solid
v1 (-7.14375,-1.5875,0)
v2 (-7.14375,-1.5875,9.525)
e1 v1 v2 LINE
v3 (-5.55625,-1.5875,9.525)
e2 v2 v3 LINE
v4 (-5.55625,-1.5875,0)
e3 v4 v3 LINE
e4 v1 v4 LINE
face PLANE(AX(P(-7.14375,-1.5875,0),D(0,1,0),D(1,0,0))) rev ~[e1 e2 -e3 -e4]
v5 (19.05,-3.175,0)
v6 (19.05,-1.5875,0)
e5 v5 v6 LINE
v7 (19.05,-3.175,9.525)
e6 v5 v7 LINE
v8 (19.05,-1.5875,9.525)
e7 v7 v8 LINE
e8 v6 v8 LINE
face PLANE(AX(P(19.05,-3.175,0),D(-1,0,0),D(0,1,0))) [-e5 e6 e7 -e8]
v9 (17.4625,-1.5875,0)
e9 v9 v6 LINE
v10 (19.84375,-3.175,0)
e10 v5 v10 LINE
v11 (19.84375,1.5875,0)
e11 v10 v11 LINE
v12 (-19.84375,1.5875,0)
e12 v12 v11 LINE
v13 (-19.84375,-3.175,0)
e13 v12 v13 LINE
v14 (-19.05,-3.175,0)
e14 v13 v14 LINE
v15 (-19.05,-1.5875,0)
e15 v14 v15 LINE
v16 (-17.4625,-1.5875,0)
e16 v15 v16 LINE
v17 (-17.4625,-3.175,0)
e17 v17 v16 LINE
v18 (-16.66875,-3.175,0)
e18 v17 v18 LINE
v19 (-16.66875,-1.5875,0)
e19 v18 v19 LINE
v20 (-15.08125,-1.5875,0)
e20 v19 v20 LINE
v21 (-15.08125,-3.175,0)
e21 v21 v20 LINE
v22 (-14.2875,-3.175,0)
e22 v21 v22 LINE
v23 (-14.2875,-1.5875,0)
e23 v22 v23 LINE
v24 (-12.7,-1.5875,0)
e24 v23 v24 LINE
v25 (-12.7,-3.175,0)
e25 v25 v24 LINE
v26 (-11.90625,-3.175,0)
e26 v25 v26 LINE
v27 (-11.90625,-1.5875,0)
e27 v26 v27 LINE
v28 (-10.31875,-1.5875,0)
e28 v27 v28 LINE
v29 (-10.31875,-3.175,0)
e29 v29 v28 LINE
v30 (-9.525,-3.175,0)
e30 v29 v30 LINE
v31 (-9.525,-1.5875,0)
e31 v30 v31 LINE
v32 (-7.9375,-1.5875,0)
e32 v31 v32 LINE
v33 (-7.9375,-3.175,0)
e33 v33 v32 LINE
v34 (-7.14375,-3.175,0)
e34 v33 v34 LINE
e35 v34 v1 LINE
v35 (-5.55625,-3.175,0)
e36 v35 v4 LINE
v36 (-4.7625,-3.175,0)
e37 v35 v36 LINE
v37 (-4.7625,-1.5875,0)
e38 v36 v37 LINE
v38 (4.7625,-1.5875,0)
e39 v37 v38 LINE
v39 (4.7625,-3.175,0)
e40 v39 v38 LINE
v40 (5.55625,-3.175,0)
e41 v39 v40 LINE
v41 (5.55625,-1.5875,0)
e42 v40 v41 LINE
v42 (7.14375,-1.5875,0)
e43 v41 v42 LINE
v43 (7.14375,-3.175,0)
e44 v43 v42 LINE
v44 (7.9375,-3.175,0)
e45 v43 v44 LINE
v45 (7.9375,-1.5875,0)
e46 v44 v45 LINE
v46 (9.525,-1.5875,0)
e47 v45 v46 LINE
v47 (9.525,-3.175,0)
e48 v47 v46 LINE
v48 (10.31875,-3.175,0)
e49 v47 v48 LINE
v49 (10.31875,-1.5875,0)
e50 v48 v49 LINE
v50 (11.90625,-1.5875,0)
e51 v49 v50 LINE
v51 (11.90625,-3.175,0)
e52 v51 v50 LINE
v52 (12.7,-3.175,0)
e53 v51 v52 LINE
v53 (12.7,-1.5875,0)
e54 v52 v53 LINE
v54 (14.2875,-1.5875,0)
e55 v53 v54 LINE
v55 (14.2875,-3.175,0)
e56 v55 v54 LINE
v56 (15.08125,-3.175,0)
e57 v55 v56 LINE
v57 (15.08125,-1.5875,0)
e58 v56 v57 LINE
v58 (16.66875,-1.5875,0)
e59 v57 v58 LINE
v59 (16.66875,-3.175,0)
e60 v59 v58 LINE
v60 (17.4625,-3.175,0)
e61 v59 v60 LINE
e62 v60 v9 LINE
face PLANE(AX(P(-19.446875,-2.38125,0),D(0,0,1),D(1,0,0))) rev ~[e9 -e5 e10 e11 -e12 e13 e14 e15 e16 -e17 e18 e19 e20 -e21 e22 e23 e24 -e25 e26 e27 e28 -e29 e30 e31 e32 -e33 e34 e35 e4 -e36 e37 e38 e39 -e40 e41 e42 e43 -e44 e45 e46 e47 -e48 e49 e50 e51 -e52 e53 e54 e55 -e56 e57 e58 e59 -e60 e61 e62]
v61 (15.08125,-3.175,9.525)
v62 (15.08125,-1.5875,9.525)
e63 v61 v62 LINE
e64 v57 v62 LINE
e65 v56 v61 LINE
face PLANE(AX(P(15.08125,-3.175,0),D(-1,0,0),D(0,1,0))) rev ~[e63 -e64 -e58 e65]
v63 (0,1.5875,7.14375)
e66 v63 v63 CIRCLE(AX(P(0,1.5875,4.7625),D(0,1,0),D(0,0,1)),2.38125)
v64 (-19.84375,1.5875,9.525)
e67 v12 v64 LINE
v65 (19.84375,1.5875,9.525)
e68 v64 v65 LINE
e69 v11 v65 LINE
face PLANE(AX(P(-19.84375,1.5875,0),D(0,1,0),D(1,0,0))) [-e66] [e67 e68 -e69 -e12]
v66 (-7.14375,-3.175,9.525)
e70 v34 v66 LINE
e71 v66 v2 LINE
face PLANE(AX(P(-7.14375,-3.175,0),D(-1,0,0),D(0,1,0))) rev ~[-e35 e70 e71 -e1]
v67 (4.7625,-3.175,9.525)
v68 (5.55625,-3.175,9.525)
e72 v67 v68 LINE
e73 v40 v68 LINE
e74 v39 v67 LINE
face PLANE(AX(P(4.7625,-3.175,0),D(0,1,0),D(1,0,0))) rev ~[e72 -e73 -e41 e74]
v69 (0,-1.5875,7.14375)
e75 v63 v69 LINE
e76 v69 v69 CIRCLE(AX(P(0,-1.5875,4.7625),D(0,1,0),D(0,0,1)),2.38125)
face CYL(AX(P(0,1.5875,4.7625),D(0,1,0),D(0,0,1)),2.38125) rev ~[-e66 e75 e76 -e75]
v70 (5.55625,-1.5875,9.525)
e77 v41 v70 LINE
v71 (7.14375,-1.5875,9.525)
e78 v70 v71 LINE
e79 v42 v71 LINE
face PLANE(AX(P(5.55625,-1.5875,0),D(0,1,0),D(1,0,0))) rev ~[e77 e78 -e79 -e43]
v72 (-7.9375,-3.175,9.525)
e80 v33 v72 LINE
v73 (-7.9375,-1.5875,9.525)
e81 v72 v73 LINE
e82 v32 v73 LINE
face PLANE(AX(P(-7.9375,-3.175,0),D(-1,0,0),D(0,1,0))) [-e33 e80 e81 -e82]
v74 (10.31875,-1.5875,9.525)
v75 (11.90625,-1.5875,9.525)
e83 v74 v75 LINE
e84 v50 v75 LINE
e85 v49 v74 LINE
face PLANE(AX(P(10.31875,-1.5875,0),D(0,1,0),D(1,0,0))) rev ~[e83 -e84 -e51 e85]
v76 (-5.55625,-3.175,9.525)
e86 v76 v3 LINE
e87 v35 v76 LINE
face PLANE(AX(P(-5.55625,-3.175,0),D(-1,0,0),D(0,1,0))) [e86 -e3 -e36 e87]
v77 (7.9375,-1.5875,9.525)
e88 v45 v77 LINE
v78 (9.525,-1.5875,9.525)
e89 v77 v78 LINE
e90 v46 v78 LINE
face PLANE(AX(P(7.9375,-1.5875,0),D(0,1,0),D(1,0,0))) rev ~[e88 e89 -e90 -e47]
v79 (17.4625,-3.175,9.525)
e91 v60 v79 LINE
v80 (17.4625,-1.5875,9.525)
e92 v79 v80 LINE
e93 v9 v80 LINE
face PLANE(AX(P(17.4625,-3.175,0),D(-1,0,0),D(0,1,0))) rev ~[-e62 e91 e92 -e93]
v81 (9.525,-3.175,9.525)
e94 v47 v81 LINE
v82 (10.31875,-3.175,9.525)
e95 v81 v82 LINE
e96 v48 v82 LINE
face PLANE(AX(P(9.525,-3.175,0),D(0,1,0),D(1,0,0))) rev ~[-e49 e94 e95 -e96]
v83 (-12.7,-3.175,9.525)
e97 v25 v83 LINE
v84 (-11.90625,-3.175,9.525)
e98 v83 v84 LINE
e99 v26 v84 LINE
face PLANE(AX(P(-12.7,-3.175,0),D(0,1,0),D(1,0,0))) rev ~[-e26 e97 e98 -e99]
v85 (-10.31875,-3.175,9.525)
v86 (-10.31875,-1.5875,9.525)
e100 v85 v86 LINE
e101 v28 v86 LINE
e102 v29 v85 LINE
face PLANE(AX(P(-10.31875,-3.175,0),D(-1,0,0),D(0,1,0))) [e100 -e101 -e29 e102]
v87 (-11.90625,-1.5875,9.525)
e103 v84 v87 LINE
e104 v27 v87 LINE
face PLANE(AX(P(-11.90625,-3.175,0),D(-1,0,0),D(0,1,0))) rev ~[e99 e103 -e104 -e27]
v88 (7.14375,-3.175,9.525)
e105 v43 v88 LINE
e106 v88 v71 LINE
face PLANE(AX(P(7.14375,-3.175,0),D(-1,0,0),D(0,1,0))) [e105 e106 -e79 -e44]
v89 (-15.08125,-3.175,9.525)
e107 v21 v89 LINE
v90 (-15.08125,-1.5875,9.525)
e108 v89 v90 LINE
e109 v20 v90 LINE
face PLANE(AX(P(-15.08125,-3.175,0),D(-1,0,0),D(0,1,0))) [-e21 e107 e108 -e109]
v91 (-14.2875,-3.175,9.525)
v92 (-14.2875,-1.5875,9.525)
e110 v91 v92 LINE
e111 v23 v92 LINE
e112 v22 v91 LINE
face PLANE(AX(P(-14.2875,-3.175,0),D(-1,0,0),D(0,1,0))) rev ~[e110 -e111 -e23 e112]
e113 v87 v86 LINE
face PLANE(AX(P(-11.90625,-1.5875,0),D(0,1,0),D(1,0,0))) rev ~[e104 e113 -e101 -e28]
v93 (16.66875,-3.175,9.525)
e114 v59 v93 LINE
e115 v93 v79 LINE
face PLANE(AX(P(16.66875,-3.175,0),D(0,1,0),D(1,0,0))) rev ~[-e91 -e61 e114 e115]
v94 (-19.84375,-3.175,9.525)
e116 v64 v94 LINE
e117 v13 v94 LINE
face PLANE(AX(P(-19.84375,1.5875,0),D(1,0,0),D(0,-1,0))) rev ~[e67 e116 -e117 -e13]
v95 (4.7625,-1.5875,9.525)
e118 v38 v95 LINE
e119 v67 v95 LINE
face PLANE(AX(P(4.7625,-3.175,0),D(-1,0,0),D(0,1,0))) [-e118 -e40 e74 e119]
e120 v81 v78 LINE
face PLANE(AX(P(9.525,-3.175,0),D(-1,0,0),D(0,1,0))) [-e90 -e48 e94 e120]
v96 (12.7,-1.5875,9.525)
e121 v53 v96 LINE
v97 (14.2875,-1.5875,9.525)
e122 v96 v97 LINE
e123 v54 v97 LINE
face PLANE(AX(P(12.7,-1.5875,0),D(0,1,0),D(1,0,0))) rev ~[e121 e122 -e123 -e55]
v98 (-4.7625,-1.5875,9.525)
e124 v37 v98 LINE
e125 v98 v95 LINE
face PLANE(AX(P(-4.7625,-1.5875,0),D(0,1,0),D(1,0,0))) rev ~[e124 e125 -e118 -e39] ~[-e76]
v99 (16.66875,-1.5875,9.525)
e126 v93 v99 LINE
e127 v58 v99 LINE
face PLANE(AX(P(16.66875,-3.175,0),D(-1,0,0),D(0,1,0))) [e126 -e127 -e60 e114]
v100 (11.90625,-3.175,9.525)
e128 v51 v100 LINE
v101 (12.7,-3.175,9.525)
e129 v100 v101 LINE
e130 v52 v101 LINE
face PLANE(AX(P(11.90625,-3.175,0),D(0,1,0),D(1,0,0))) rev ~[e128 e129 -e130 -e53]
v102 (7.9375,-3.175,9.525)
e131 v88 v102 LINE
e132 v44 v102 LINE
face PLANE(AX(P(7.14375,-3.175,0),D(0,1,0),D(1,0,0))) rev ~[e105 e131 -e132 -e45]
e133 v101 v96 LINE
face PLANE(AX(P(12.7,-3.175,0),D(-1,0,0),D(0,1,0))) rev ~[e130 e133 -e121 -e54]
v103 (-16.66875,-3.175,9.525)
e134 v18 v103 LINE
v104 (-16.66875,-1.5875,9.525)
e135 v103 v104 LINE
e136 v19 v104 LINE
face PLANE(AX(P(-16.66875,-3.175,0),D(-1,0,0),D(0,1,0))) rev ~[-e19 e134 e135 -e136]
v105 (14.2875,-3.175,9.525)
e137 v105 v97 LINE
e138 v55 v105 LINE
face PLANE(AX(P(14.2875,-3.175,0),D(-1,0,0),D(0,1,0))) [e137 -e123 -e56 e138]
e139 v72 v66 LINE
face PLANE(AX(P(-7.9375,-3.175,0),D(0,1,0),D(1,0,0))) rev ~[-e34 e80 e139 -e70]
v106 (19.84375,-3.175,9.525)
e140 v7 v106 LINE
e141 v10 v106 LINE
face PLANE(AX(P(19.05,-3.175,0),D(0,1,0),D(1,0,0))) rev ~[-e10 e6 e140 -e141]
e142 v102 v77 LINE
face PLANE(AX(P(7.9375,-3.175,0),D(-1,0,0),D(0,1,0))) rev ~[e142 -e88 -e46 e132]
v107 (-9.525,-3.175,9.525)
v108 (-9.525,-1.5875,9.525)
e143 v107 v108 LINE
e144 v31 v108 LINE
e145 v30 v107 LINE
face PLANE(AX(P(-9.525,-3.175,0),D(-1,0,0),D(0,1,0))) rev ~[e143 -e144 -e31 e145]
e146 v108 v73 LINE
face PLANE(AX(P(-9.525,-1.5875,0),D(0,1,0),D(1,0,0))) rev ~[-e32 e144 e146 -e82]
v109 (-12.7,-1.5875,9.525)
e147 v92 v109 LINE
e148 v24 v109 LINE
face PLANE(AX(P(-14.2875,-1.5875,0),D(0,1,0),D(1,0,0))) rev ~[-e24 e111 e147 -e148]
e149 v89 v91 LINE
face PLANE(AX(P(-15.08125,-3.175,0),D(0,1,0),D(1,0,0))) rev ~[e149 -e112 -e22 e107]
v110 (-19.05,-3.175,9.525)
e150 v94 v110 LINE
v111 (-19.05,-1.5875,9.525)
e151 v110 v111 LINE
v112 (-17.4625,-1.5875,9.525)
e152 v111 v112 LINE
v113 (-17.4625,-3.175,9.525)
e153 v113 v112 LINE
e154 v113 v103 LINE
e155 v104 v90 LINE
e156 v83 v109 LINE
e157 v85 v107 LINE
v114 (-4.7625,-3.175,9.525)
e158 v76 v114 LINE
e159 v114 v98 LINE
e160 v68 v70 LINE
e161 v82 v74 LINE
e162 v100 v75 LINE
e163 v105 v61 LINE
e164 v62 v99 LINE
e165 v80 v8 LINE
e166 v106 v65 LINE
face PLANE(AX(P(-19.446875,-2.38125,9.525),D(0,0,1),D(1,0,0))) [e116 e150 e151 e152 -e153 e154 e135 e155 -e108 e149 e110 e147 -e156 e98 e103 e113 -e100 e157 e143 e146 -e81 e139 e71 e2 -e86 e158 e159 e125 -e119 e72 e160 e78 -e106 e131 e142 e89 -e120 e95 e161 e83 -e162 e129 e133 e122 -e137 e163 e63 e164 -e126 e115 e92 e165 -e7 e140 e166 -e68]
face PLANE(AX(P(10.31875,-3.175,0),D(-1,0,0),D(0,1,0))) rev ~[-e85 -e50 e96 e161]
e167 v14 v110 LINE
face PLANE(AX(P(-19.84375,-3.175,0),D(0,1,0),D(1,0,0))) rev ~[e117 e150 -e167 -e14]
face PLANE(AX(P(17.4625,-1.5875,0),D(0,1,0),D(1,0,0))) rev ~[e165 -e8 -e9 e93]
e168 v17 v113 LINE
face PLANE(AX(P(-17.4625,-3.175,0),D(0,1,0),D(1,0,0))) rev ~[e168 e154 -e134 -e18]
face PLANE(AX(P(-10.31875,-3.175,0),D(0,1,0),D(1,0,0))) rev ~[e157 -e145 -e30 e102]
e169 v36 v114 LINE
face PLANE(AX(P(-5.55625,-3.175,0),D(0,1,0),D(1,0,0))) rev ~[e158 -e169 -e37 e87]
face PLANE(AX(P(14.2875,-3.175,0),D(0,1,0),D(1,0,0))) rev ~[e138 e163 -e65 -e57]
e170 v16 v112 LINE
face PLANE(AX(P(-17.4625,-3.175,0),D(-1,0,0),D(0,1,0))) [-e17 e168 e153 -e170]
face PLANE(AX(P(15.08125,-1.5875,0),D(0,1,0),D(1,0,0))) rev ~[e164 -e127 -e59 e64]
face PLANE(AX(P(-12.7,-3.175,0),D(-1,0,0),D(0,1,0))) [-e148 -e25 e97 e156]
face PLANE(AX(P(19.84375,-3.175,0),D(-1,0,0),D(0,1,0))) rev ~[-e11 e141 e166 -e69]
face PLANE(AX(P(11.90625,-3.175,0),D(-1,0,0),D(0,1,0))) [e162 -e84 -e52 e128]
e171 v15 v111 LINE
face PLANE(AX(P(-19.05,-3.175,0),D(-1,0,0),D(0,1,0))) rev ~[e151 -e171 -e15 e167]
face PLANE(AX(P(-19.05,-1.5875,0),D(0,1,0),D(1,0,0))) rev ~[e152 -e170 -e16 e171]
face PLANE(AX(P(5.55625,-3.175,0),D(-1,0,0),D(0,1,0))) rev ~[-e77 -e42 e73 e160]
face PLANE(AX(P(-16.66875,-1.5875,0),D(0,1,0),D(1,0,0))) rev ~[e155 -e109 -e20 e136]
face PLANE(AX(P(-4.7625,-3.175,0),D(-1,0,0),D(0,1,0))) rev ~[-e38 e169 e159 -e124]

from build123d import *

# Parameters (mm, degrees)
SKETCH1_W           = 0.79375
SKETCH1_H           = 1.5875
SKETCH1_W_2         = 39.6875
SKETCH1_H_2         = 3.175
BOSS_EXTRUDE1_DEPTH = 9.525
SKETCH2_R           = 2.38125
CUT_EXTRUDE1_DEPTH  = 9.525


with BuildPart() as part:
    # Sketch1 → Boss-Extrude1 (new body)
    with BuildSketch(Plane.XY):
        with Locations((-19.446875, -2.38125)):
            Rectangle(SKETCH1_W, SKETCH1_H)
        with Locations((-17.065625, -2.38125)):
            Rectangle(SKETCH1_W, SKETCH1_H)
        with Locations((-14.684375, -2.38125)):
            Rectangle(SKETCH1_W, SKETCH1_H)
        with Locations((-12.303125, -2.38125)):
            Rectangle(SKETCH1_W, SKETCH1_H)
        with Locations((-9.921875, -2.38125)):
            Rectangle(SKETCH1_W, SKETCH1_H)
        with Locations((-7.540625, -2.38125)):
            Rectangle(SKETCH1_W, SKETCH1_H)
        with Locations((-5.159375, -2.38125)):
            Rectangle(SKETCH1_W, SKETCH1_H)
        with Locations((5.159375, -2.38125)):
            Rectangle(SKETCH1_W, SKETCH1_H)
        with Locations((7.540625, -2.38125)):
            Rectangle(SKETCH1_W, SKETCH1_H)
        with Locations((9.921875, -2.38125)):
            Rectangle(SKETCH1_W, SKETCH1_H)
        with Locations((12.303125, -2.38125)):
            Rectangle(SKETCH1_W, SKETCH1_H)
        with Locations((14.684375, -2.38125)):
            Rectangle(SKETCH1_W, SKETCH1_H)
        with Locations((17.065625, -2.38125)):
            Rectangle(SKETCH1_W, SKETCH1_H)
        with Locations((19.446875, -2.38125)):
            Rectangle(SKETCH1_W, SKETCH1_H)
        Rectangle(SKETCH1_W_2, SKETCH1_H_2)
    extrude(amount=BOSS_EXTRUDE1_DEPTH)

    # Sketch2 → Cut-Extrude1 (cut)
    with BuildSketch(Plane(origin=(0, 1.5875, 0), x_dir=(1, 0, 0), z_dir=(0, 1, 0))):
        with Locations(Location((0, -4.7625, 0), (0, 0, 270))):
            Circle(SKETCH2_R)
    extrude(amount=-CUT_EXTRUDE1_DEPTH, mode=Mode.SUBTRACT)


solid = part.part
